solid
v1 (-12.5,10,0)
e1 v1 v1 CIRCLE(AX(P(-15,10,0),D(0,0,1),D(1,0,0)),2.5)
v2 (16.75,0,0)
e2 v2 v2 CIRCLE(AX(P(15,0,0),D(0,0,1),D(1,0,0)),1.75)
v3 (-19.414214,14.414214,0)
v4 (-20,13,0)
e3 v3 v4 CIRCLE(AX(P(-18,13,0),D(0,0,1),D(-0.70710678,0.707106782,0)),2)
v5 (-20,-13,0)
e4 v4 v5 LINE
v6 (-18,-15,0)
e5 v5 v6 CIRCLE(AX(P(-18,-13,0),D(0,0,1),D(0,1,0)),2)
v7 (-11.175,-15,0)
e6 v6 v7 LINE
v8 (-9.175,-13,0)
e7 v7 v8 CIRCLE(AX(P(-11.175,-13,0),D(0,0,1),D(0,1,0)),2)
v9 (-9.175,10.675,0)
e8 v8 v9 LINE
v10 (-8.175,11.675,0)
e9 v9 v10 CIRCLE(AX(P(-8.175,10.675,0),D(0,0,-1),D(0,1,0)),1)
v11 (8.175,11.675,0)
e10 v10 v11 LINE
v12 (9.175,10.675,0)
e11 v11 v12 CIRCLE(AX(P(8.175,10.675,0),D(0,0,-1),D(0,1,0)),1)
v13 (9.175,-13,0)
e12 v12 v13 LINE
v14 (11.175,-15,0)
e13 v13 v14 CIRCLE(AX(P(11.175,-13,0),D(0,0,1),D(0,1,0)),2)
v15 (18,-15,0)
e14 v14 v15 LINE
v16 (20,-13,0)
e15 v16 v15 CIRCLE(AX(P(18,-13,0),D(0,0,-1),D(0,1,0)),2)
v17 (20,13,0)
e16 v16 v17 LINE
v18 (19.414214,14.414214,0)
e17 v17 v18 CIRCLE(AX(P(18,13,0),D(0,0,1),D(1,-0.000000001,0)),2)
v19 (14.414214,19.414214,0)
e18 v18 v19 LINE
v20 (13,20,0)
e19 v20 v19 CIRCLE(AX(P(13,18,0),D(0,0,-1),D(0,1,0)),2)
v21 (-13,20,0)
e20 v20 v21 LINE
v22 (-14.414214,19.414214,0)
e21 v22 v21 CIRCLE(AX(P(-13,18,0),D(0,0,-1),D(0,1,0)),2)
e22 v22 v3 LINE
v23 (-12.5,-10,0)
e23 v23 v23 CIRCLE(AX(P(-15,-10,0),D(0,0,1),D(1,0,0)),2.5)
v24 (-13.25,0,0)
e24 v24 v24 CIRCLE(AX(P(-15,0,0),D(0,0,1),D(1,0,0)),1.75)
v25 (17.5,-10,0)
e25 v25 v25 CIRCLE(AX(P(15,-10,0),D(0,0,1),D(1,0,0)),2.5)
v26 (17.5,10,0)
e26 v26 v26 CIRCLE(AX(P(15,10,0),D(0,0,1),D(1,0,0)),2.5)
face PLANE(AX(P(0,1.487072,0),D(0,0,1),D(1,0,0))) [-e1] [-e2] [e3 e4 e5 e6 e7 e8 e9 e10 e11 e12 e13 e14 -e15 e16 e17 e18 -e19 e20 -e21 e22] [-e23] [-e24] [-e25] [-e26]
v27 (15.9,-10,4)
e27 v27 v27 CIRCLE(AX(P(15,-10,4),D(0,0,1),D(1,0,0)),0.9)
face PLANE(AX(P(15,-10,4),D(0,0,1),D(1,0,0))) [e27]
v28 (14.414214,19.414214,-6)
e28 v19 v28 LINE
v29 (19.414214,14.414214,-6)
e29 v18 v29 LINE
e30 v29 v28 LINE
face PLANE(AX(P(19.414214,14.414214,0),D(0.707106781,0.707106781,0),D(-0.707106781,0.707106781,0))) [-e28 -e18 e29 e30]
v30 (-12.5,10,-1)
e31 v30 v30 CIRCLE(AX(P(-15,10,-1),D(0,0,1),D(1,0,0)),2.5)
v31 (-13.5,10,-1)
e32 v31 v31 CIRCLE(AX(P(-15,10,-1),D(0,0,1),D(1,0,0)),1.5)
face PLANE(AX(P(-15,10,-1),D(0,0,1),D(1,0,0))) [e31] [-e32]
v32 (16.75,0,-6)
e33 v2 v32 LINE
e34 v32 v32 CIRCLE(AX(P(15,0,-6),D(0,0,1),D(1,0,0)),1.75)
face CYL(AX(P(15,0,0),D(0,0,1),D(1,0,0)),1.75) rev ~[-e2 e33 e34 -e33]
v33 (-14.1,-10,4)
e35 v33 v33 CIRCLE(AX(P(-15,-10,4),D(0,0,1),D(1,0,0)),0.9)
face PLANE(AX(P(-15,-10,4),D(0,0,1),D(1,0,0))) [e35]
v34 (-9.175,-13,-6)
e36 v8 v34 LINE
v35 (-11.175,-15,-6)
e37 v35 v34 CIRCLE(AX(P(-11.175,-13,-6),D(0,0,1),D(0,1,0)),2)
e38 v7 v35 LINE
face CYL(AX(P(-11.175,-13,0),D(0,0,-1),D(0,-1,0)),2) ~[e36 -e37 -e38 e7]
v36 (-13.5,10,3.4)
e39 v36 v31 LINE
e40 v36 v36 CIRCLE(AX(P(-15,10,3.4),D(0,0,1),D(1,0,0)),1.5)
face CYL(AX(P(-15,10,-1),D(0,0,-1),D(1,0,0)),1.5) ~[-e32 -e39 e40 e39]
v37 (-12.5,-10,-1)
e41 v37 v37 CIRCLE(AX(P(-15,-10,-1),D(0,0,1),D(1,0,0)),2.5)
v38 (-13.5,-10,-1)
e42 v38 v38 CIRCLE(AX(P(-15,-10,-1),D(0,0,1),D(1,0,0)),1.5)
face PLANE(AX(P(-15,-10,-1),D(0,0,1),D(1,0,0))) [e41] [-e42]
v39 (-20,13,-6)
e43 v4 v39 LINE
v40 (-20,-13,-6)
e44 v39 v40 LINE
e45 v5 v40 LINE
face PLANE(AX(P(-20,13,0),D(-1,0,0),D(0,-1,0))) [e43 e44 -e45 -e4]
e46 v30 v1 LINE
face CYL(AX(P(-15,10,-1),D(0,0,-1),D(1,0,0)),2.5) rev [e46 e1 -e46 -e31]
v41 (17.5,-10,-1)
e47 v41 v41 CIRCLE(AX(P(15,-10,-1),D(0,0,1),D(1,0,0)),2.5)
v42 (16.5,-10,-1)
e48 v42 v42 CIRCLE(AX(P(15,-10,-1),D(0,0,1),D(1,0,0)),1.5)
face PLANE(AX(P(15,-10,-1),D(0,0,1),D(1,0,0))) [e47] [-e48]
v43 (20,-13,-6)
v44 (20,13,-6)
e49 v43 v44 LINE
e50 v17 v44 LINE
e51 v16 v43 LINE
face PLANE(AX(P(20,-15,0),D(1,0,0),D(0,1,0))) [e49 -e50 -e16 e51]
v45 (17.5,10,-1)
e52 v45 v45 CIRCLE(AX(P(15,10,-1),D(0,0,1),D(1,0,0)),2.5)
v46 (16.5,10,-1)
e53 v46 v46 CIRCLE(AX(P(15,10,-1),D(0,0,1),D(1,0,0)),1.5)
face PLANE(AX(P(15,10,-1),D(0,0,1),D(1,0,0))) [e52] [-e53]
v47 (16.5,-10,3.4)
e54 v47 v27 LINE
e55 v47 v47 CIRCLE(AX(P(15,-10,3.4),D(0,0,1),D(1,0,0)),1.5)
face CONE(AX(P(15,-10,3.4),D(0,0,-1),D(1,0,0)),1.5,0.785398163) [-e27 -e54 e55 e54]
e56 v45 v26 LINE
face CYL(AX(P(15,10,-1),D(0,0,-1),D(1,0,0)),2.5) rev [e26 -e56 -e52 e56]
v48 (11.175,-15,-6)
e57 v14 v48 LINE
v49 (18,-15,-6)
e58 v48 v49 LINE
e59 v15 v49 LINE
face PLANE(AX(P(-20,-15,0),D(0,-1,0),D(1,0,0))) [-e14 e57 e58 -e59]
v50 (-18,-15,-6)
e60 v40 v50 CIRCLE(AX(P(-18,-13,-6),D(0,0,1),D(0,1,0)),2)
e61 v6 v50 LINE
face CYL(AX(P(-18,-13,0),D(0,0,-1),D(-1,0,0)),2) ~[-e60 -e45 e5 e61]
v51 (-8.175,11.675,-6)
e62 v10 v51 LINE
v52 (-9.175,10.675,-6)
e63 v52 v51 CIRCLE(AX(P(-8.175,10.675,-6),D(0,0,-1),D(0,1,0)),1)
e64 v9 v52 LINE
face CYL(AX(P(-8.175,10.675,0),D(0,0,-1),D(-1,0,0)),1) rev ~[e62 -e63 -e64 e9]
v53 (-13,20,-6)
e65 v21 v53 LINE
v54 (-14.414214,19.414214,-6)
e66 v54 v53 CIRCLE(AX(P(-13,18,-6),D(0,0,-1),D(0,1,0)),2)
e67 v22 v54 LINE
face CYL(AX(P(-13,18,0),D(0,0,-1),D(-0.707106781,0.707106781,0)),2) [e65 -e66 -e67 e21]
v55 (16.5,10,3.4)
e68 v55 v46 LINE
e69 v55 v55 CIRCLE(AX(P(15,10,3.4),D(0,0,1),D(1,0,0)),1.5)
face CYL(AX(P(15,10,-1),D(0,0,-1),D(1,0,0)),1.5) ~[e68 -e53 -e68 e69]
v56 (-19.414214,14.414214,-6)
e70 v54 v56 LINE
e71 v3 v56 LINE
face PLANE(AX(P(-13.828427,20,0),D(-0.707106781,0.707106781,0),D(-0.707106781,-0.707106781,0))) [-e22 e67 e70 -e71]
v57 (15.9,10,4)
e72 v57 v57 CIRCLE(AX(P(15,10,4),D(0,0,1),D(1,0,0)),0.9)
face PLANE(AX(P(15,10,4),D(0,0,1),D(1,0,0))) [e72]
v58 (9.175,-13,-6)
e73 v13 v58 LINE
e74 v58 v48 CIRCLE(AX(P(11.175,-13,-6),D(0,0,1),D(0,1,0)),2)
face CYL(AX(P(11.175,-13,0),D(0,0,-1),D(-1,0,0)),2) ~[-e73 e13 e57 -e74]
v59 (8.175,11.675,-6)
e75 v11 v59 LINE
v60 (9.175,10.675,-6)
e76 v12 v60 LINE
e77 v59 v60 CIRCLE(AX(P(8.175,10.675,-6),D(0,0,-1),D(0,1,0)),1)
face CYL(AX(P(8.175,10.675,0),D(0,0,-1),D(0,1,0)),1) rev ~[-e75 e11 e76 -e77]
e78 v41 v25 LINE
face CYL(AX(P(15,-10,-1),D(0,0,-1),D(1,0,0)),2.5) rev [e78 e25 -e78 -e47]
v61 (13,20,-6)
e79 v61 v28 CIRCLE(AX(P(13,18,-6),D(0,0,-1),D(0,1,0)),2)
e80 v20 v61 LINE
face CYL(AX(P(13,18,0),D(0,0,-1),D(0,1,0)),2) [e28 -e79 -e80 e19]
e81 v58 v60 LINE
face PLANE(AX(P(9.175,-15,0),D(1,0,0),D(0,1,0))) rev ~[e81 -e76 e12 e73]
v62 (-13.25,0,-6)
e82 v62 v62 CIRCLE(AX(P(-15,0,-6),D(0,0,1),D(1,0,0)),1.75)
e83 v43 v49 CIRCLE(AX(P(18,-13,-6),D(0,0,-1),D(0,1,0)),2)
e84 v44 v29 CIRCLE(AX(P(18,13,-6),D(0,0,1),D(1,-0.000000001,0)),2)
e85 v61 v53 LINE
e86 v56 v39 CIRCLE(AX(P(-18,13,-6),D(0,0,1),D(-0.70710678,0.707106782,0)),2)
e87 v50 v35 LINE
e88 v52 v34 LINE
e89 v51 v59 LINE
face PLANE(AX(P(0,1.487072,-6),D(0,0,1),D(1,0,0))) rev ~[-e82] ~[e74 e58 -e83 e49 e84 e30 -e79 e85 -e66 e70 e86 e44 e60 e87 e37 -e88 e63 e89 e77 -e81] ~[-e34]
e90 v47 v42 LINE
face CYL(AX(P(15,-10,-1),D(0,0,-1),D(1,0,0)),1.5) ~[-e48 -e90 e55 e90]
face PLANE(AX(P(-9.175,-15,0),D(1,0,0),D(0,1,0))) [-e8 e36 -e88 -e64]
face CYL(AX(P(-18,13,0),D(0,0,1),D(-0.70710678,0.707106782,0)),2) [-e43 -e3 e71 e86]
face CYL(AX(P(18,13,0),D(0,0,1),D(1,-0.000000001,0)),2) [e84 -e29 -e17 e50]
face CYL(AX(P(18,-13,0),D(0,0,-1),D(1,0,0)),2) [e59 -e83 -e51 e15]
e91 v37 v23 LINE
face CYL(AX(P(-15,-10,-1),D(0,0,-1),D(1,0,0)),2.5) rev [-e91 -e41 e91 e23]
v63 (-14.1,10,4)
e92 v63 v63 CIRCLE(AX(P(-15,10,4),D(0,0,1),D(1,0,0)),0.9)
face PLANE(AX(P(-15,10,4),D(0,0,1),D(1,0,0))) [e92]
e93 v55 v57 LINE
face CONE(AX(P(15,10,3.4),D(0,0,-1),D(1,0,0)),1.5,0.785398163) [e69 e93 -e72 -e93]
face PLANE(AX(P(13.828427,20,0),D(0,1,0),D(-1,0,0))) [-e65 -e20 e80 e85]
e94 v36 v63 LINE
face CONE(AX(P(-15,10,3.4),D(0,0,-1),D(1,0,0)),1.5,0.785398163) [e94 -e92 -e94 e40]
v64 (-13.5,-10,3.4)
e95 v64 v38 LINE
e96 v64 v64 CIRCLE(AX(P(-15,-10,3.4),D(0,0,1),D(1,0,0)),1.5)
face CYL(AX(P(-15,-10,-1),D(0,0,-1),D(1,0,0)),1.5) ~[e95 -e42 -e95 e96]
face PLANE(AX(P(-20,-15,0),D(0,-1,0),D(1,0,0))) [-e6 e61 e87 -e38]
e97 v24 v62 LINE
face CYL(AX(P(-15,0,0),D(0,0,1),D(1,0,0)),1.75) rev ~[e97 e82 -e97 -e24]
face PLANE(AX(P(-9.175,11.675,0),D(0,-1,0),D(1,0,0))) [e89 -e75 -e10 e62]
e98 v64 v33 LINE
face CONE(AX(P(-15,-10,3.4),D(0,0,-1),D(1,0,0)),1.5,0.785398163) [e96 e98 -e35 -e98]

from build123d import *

# Parameters (mm, degrees)
SKICA2_R                 = 1.75
SKICA2_W                 = 18.35
SKICA2_H                 = 23.35
P_IDAT_VYSUNUT_M1_DEPTH  = 6
SKICA2_3_R               = 1.5
P_IDAT_VYSUNUT_M2_DEPTH  = 4
SKICA4_W                 = 18.35
SKICA4_H                 = 3.325
ODEBRAT_VYSUNUT_M2_DEPTH = 29.91366459
ODEBRAT_START            = -1
SKICA5_R                 = 2.5
SKICA5_R_2               = 1.5
ODEBRAT_VYSUNUT_M3_DEPTH = 1
ZKOSEN_1_SIZE            = 0.6
ZAOBLIT1_R               = 2
ZAOBLIT2_R               = 1


with BuildPart() as part:
    # Skica2 → P_idat vysunut_m1 (new body)
    with BuildSketch(Plane.XY):
        with BuildLine():
            Line((-20, 13), (-20, -15))
            Line((-20, -15), (20, -15))
            Line((20, -15), (20, 13))
            ThreePointArc((20, 13), (19.847759065, 13.765366865), (19.414213562, 14.414213562))
            Line((19.414213562, 14.414213562), (13.828427125, 20))
            Line((13.828427125, 20), (-13.828427125, 20))
            Line((-13.828427125, 20), (-19.414213562, 14.414213562))
            ThreePointArc((-19.414213562, 14.414213562), (-19.847759065, 13.765366865), (-20, 13))
        make_face()
        with Locations((-15, 0)):
            Circle(SKICA2_R, mode=Mode.SUBTRACT)
        with Locations((15, 0)):
            Circle(SKICA2_R, mode=Mode.SUBTRACT)
        Rectangle(SKICA2_W, SKICA2_H, mode=Mode.SUBTRACT)
    extrude(amount=-P_IDAT_VYSUNUT_M1_DEPTH)

    # Skica2_3 → P_idat vysunut_m2 (add)
    with BuildSketch(Plane.XY):
        with Locations((-15, -10)):
            Circle(SKICA2_3_R)
        with Locations((15, -10)):
            Circle(SKICA2_3_R)
        with Locations((15, 10)):
            Circle(SKICA2_3_R)
        with Locations((-15, 10)):
            Circle(SKICA2_3_R)
    extrude(amount=P_IDAT_VYSUNUT_M2_DEPTH)

    # Skica4 → Odebrat vysunut_m2 (cut, through all)
    with BuildSketch(Plane.XY):
        with Locations((0, -13.3375)):
            Rectangle(SKICA4_W, SKICA4_H)
    extrude(amount=-ODEBRAT_VYSUNUT_M2_DEPTH, mode=Mode.SUBTRACT)

    # Skica5 → Odebrat vysunut_m3 (cut)
    # profile 1 of 4: a face of its own
    with BuildSketch(Plane.XY.offset(ODEBRAT_START)):
        with Locations((-15, 10)):
            Circle(SKICA5_R)
        with Locations((-15, 10)):
            Circle(SKICA5_R_2, mode=Mode.SUBTRACT)
    # profile 2 of 4: a face of its own
    with BuildSketch(Plane.XY.offset(ODEBRAT_START)):
        with Locations((-15, -10)):
            Circle(SKICA5_R)
        with Locations((-15, -10)):
            Circle(SKICA5_R_2, mode=Mode.SUBTRACT)
    # profile 3 of 4: a face of its own
    with BuildSketch(Plane.XY.offset(ODEBRAT_START)):
        with Locations((15, -10)):
            Circle(SKICA5_R)
        with Locations((15, -10)):
            Circle(SKICA5_R_2, mode=Mode.SUBTRACT)
    # profile 4 of 4: a face of its own
    with BuildSketch(Plane.XY.offset(ODEBRAT_START)):
        with Locations((15, 10)):
            Circle(SKICA5_R)
        with Locations((15, 10)):
            Circle(SKICA5_R_2, mode=Mode.SUBTRACT)
    extrude(amount=ODEBRAT_VYSUNUT_M3_DEPTH, mode=Mode.SUBTRACT)

    # Zkosen_1
    zkosen_1_edges = [part.edges().sort_by_distance(p)[0] for p in [
        (-16.5, 10, 4),
        (13.5, 10, 4),
        (13.5, -10, 4),
        (-16.5, -10, 4),
    ]]
    chamfer(zkosen_1_edges, length=ZKOSEN_1_SIZE)

    # Zaoblit1
    zaoblit1_edges = [part.edges().sort_by_distance(p)[0] for p in [
        (-13.828427125, 20, -3),
        (13.828427125, 20, -3),
        (20, -15, -3),
        (-20, -15, -3),
        (9.175, -15, -3),
        (-9.175, -15, -3),
    ]]
    fillet(zaoblit1_edges, radius=ZAOBLIT1_R)

    # Zaoblit2
    zaoblit2_edges = [part.edges().sort_by_distance(p)[0] for p in [
        (-9.175, 11.675, -3),
        (9.175, 11.675, -3),
    ]]
    fillet(zaoblit2_edges, radius=ZAOBLIT2_R)


solid = part.part
